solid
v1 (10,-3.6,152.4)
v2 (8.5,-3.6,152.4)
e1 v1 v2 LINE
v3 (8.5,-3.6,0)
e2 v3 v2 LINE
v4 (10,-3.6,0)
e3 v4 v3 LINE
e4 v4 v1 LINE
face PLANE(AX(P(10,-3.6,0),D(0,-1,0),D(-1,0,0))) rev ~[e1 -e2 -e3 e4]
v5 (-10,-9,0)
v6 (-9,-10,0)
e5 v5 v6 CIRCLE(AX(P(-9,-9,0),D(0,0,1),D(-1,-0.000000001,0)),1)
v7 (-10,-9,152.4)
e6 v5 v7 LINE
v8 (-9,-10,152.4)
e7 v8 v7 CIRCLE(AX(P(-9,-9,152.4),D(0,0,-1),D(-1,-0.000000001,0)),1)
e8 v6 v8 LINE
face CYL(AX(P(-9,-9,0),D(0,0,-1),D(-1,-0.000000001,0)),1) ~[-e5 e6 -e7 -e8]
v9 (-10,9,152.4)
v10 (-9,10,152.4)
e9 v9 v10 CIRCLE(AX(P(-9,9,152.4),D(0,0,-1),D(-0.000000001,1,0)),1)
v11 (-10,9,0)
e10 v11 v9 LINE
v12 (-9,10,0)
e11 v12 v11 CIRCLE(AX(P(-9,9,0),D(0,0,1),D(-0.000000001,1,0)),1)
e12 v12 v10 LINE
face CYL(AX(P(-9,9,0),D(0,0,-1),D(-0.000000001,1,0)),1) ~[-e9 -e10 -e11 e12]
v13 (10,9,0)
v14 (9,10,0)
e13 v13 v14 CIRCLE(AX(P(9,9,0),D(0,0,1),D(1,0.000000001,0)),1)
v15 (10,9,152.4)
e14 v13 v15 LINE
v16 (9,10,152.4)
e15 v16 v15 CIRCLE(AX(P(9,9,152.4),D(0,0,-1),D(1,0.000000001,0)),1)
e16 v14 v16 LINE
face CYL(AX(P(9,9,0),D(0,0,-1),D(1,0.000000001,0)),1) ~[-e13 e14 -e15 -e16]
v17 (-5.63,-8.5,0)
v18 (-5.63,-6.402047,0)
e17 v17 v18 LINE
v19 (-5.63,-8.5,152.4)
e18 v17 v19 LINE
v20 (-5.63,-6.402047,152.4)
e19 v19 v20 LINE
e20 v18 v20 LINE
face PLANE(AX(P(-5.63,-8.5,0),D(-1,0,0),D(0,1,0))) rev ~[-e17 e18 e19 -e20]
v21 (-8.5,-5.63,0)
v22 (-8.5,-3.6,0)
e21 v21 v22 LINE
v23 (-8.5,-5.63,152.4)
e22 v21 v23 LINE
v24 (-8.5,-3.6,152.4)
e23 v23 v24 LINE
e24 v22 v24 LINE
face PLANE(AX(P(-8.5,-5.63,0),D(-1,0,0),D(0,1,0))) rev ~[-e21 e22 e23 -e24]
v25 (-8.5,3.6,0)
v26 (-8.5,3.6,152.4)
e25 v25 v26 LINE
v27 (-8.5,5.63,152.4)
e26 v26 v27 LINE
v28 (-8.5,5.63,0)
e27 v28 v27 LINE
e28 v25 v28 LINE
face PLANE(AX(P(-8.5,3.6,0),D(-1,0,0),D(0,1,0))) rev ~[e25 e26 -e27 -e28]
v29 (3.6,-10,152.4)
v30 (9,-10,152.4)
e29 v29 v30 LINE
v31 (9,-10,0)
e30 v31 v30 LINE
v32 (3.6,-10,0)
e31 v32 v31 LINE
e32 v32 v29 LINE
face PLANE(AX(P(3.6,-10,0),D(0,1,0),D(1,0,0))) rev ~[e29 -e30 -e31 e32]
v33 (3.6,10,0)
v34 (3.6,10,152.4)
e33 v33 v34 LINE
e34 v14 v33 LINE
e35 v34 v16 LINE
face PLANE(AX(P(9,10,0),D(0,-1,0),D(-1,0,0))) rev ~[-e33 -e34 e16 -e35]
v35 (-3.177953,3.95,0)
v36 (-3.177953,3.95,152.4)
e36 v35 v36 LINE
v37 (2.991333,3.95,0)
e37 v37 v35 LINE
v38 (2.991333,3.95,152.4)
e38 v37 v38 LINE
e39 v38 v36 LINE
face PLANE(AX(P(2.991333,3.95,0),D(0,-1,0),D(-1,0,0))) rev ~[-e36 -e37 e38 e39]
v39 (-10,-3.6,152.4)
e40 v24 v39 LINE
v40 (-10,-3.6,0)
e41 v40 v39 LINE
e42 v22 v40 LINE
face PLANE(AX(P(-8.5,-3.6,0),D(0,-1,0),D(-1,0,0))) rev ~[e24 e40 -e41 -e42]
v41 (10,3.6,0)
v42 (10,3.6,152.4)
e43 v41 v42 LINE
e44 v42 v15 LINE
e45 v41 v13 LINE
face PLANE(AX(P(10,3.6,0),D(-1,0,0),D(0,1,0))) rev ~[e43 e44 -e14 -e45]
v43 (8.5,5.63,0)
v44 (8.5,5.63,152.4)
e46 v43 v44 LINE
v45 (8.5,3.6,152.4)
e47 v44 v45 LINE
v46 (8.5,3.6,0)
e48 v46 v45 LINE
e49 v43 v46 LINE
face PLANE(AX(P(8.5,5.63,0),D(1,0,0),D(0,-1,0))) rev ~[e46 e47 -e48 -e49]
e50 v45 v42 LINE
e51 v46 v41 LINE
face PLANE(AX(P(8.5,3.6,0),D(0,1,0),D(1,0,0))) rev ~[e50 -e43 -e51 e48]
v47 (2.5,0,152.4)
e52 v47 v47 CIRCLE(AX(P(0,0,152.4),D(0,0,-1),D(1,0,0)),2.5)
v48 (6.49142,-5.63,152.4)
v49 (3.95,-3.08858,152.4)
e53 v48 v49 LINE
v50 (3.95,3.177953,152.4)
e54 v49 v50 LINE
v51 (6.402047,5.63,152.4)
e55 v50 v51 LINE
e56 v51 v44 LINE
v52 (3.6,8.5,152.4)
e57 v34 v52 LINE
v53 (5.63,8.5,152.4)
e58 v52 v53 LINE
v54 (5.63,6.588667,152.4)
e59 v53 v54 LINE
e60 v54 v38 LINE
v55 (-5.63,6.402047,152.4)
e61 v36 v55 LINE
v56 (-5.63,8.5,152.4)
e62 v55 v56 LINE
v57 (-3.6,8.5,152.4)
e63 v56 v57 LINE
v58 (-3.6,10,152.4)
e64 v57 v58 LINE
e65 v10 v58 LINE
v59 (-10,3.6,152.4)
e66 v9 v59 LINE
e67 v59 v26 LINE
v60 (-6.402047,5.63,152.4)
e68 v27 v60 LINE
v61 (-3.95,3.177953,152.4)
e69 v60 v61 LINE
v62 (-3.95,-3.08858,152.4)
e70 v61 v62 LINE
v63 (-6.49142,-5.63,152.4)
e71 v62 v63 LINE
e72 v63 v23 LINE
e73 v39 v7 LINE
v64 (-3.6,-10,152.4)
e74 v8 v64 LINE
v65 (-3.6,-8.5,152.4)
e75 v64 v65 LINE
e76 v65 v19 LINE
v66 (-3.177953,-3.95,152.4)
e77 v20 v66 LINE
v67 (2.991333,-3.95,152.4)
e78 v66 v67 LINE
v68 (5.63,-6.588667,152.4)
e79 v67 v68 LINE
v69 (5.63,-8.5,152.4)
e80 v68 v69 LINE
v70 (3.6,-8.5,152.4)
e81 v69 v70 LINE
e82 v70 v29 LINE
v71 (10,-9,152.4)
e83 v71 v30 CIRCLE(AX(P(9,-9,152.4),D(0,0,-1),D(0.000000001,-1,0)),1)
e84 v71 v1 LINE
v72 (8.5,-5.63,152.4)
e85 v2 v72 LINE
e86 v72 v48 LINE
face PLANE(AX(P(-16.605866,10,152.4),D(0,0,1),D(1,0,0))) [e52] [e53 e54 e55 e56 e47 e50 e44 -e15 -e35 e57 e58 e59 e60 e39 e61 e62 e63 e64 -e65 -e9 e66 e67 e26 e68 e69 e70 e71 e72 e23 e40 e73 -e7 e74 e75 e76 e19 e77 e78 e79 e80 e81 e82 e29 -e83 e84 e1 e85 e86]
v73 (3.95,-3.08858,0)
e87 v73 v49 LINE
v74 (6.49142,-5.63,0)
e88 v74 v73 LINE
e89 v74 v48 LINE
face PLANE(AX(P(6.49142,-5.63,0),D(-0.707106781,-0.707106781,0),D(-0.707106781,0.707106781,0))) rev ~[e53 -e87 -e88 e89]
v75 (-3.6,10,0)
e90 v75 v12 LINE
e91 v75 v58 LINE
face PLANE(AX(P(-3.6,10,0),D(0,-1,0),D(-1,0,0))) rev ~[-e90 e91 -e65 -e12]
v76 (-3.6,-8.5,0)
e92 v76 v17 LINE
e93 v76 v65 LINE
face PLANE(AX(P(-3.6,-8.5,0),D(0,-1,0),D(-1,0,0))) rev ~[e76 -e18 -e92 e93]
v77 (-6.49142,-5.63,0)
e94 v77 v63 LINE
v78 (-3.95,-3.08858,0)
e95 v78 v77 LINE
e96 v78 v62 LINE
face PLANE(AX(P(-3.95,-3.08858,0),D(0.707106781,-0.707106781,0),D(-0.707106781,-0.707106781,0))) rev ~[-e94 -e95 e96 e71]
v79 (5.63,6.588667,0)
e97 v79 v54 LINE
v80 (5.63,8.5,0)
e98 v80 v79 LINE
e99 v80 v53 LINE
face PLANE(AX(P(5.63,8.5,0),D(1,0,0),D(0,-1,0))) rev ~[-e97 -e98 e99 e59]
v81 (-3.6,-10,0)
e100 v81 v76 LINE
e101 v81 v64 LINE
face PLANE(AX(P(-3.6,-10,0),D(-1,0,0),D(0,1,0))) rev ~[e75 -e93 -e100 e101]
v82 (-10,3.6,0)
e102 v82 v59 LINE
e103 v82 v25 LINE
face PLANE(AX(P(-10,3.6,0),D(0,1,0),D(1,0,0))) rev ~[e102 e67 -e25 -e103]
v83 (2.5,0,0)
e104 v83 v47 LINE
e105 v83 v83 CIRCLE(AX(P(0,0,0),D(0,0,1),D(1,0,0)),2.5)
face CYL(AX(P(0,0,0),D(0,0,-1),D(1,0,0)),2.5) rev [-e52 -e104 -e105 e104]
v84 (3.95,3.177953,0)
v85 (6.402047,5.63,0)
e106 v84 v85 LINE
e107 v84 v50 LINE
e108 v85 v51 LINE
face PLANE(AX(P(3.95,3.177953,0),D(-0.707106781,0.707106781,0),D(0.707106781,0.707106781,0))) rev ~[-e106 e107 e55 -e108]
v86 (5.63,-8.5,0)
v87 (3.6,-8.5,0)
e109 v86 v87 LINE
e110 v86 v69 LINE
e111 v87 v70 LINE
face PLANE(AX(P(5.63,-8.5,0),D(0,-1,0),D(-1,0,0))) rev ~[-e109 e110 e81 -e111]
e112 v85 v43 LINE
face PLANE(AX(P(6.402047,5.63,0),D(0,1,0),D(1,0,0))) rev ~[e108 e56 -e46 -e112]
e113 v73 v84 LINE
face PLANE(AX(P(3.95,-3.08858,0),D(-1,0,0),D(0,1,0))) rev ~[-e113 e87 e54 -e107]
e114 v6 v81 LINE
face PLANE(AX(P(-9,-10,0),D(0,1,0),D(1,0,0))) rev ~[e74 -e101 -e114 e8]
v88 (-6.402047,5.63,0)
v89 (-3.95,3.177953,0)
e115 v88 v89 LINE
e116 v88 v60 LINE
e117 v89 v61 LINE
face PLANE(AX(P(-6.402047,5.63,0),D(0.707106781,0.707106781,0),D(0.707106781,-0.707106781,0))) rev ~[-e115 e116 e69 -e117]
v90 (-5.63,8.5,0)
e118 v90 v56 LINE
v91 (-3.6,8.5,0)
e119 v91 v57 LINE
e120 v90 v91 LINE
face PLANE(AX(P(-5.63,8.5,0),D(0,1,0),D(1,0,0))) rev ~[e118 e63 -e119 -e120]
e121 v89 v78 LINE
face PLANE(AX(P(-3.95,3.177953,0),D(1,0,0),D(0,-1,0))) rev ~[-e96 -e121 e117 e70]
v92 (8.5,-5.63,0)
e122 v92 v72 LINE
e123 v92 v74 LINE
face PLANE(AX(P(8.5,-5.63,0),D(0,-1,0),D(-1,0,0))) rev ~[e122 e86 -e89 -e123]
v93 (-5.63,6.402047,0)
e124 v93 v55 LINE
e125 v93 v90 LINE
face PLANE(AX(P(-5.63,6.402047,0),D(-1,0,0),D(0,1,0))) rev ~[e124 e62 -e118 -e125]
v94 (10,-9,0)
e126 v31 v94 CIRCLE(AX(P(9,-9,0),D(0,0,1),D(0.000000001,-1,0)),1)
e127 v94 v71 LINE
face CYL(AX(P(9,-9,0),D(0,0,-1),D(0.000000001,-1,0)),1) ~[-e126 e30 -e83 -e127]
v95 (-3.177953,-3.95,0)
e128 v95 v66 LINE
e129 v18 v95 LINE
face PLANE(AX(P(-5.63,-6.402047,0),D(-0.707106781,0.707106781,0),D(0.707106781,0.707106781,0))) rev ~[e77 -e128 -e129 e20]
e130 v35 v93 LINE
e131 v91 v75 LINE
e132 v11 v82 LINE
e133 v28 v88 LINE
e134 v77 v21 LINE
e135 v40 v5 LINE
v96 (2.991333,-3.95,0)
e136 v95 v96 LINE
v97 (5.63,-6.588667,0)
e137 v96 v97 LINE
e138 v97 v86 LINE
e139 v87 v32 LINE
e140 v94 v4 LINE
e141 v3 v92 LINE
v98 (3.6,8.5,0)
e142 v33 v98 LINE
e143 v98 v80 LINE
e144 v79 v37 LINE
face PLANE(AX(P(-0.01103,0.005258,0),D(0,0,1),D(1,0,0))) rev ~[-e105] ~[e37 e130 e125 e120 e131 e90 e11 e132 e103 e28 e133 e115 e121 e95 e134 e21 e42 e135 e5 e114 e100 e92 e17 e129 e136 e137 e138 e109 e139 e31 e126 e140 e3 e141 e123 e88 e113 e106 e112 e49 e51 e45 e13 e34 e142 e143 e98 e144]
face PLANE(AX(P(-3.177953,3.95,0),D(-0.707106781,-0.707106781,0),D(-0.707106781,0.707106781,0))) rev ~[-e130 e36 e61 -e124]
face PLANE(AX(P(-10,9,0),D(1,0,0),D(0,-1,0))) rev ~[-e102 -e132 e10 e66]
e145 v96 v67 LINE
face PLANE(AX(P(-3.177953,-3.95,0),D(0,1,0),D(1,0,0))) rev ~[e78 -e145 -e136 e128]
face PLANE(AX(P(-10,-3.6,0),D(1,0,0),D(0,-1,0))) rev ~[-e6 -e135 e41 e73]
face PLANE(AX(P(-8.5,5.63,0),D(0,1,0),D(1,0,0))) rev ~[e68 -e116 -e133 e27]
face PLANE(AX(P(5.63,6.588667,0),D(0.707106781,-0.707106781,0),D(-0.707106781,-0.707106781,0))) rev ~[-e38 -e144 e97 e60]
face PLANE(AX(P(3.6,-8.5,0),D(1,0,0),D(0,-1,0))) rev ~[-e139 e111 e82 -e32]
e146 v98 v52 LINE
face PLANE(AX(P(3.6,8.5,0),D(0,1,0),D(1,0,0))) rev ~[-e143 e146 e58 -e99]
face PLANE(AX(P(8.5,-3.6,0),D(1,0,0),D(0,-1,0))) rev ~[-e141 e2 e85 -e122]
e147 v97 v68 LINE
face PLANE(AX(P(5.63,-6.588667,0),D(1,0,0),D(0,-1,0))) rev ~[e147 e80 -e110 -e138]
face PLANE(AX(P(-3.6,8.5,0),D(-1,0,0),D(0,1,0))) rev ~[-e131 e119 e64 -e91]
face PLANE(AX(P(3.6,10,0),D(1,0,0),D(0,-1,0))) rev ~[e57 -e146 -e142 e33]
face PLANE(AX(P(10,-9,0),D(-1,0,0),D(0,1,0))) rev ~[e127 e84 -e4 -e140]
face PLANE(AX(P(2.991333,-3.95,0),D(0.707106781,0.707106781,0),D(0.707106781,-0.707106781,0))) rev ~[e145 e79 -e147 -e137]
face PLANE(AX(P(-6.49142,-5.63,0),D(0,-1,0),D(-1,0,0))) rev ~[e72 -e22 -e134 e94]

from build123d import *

# Parameters (mm, degrees)
SKETCH1_R           = 2.5
BOSS_EXTRUDE1_DEPTH = 482.6
SKETCH2_W           = 61.361470627
SKETCH2_H           = 380.25471835
CUT_EXTRUDE1_DEPTH  = 21


with BuildPart() as part:
    # Sketch1 → Boss-Extrude1 (new body)
    with BuildSketch(Plane.XY):
        with BuildLine():
            Line((-5.63, 10), (-9, 10))
            ThreePointArc((-9, 10), (-9.707106781, 9.707106781), (-10, 9))
            Line((-10, 9), (-10, 5.63))
            Line((-10, 5.63), (-10, 3.6))
            Line((-10, 3.6), (-8.5, 3.6))
            Line((-8.5, 3.6), (-8.5, 5.63))
            Line((-8.5, 5.63), (-6.402046573, 5.63))
            Line((-6.402046573, 5.63), (-3.95, 3.177953427))
            Line((-3.95, 3.177953427), (-3.95, -3.088580227))
            Line((-3.95, -3.088580227), (-6.491419773, -5.63))
            Line((-6.491419773, -5.63), (-8.5, -5.63))
            Line((-8.5, -5.63), (-8.5, -3.6))
            Line((-8.5, -3.6), (-10, -3.6))
            Line((-10, -3.6), (-10, -5.63))
            Line((-10, -5.63), (-10, -9))
            ThreePointArc((-10, -9), (-9.707106781, -9.707106781), (-9, -10))
            Line((-9, -10), (-5.63, -10))
            Line((-5.63, -10), (-3.6, -10))
            Line((-3.6, -10), (-3.6, -8.5))
            Line((-3.6, -8.5), (-5.63, -8.5))
            Line((-5.63, -8.5), (-5.63, -6.402046573))
            Line((-5.63, -6.402046573), (-3.177953427, -3.95))
            Line((-3.177953427, -3.95), (2.991333041, -3.95))
            Line((2.991333041, -3.95), (5.63, -6.588666959))
            Line((5.63, -6.588666959), (5.63, -8.5))
            Line((5.63, -8.5), (3.6, -8.5))
            Line((3.6, -8.5), (3.6, -10))
            Line((3.6, -10), (5.63, -10))
            Line((5.63, -10), (9, -10))
            ThreePointArc((9, -10), (9.707106781, -9.707106781), (10, -9))
            Line((10, -9), (10, -5.63))
            Line((10, -5.63), (10, -3.6))
            Line((10, -3.6), (8.5, -3.6))
            Line((8.5, -3.6), (8.5, -5.63))
            Line((8.5, -5.63), (6.491419773, -5.63))
            Line((6.491419773, -5.63), (3.95, -3.088580227))
            Line((3.95, -3.088580227), (3.95, 3.177953427))
            Line((3.95, 3.177953427), (6.402046573, 5.63))
            Line((6.402046573, 5.63), (8.5, 5.63))
            Line((8.5, 5.63), (8.5, 3.6))
            Line((8.5, 3.6), (10, 3.6))
            Line((10, 3.6), (10, 5.63))
            Line((10, 5.63), (10, 9))
            ThreePointArc((10, 9), (9.707106781, 9.707106781), (9, 10))
            Line((9, 10), (5.63, 10))
            Line((5.63, 10), (3.6, 10))
            Line((3.6, 10), (3.6, 8.5))
            Line((3.6, 8.5), (5.63, 8.5))
            Line((5.63, 8.5), (5.63, 6.588666959))
            Line((5.63, 6.588666959), (2.991333041, 3.95))
            Line((2.991333041, 3.95), (-3.177953427, 3.95))
            Line((-3.177953427, 3.95), (-5.63, 6.402046573))
            Line((-5.63, 6.402046573), (-5.63, 8.5))
            Line((-5.63, 8.5), (-3.6, 8.5))
            Line((-3.6, 8.5), (-3.6, 10))
            Line((-3.6, 10), (-5.63, 10))
        make_face()
        Circle(SKETCH1_R, mode=Mode.SUBTRACT)
    extrude(amount=BOSS_EXTRUDE1_DEPTH)

    # Sketch2 → Cut-Extrude1 (cut, through all)
    with BuildSketch(Plane(origin=(0, 10, 0), x_dir=(1, 0, 0), z_dir=(0, 1, 0))):
        with Locations((14.074869471, -342.527359175)):
            Rectangle(SKETCH2_W, SKETCH2_H)
    extrude(amount=-CUT_EXTRUDE1_DEPTH, mode=Mode.SUBTRACT)


solid = part.part
